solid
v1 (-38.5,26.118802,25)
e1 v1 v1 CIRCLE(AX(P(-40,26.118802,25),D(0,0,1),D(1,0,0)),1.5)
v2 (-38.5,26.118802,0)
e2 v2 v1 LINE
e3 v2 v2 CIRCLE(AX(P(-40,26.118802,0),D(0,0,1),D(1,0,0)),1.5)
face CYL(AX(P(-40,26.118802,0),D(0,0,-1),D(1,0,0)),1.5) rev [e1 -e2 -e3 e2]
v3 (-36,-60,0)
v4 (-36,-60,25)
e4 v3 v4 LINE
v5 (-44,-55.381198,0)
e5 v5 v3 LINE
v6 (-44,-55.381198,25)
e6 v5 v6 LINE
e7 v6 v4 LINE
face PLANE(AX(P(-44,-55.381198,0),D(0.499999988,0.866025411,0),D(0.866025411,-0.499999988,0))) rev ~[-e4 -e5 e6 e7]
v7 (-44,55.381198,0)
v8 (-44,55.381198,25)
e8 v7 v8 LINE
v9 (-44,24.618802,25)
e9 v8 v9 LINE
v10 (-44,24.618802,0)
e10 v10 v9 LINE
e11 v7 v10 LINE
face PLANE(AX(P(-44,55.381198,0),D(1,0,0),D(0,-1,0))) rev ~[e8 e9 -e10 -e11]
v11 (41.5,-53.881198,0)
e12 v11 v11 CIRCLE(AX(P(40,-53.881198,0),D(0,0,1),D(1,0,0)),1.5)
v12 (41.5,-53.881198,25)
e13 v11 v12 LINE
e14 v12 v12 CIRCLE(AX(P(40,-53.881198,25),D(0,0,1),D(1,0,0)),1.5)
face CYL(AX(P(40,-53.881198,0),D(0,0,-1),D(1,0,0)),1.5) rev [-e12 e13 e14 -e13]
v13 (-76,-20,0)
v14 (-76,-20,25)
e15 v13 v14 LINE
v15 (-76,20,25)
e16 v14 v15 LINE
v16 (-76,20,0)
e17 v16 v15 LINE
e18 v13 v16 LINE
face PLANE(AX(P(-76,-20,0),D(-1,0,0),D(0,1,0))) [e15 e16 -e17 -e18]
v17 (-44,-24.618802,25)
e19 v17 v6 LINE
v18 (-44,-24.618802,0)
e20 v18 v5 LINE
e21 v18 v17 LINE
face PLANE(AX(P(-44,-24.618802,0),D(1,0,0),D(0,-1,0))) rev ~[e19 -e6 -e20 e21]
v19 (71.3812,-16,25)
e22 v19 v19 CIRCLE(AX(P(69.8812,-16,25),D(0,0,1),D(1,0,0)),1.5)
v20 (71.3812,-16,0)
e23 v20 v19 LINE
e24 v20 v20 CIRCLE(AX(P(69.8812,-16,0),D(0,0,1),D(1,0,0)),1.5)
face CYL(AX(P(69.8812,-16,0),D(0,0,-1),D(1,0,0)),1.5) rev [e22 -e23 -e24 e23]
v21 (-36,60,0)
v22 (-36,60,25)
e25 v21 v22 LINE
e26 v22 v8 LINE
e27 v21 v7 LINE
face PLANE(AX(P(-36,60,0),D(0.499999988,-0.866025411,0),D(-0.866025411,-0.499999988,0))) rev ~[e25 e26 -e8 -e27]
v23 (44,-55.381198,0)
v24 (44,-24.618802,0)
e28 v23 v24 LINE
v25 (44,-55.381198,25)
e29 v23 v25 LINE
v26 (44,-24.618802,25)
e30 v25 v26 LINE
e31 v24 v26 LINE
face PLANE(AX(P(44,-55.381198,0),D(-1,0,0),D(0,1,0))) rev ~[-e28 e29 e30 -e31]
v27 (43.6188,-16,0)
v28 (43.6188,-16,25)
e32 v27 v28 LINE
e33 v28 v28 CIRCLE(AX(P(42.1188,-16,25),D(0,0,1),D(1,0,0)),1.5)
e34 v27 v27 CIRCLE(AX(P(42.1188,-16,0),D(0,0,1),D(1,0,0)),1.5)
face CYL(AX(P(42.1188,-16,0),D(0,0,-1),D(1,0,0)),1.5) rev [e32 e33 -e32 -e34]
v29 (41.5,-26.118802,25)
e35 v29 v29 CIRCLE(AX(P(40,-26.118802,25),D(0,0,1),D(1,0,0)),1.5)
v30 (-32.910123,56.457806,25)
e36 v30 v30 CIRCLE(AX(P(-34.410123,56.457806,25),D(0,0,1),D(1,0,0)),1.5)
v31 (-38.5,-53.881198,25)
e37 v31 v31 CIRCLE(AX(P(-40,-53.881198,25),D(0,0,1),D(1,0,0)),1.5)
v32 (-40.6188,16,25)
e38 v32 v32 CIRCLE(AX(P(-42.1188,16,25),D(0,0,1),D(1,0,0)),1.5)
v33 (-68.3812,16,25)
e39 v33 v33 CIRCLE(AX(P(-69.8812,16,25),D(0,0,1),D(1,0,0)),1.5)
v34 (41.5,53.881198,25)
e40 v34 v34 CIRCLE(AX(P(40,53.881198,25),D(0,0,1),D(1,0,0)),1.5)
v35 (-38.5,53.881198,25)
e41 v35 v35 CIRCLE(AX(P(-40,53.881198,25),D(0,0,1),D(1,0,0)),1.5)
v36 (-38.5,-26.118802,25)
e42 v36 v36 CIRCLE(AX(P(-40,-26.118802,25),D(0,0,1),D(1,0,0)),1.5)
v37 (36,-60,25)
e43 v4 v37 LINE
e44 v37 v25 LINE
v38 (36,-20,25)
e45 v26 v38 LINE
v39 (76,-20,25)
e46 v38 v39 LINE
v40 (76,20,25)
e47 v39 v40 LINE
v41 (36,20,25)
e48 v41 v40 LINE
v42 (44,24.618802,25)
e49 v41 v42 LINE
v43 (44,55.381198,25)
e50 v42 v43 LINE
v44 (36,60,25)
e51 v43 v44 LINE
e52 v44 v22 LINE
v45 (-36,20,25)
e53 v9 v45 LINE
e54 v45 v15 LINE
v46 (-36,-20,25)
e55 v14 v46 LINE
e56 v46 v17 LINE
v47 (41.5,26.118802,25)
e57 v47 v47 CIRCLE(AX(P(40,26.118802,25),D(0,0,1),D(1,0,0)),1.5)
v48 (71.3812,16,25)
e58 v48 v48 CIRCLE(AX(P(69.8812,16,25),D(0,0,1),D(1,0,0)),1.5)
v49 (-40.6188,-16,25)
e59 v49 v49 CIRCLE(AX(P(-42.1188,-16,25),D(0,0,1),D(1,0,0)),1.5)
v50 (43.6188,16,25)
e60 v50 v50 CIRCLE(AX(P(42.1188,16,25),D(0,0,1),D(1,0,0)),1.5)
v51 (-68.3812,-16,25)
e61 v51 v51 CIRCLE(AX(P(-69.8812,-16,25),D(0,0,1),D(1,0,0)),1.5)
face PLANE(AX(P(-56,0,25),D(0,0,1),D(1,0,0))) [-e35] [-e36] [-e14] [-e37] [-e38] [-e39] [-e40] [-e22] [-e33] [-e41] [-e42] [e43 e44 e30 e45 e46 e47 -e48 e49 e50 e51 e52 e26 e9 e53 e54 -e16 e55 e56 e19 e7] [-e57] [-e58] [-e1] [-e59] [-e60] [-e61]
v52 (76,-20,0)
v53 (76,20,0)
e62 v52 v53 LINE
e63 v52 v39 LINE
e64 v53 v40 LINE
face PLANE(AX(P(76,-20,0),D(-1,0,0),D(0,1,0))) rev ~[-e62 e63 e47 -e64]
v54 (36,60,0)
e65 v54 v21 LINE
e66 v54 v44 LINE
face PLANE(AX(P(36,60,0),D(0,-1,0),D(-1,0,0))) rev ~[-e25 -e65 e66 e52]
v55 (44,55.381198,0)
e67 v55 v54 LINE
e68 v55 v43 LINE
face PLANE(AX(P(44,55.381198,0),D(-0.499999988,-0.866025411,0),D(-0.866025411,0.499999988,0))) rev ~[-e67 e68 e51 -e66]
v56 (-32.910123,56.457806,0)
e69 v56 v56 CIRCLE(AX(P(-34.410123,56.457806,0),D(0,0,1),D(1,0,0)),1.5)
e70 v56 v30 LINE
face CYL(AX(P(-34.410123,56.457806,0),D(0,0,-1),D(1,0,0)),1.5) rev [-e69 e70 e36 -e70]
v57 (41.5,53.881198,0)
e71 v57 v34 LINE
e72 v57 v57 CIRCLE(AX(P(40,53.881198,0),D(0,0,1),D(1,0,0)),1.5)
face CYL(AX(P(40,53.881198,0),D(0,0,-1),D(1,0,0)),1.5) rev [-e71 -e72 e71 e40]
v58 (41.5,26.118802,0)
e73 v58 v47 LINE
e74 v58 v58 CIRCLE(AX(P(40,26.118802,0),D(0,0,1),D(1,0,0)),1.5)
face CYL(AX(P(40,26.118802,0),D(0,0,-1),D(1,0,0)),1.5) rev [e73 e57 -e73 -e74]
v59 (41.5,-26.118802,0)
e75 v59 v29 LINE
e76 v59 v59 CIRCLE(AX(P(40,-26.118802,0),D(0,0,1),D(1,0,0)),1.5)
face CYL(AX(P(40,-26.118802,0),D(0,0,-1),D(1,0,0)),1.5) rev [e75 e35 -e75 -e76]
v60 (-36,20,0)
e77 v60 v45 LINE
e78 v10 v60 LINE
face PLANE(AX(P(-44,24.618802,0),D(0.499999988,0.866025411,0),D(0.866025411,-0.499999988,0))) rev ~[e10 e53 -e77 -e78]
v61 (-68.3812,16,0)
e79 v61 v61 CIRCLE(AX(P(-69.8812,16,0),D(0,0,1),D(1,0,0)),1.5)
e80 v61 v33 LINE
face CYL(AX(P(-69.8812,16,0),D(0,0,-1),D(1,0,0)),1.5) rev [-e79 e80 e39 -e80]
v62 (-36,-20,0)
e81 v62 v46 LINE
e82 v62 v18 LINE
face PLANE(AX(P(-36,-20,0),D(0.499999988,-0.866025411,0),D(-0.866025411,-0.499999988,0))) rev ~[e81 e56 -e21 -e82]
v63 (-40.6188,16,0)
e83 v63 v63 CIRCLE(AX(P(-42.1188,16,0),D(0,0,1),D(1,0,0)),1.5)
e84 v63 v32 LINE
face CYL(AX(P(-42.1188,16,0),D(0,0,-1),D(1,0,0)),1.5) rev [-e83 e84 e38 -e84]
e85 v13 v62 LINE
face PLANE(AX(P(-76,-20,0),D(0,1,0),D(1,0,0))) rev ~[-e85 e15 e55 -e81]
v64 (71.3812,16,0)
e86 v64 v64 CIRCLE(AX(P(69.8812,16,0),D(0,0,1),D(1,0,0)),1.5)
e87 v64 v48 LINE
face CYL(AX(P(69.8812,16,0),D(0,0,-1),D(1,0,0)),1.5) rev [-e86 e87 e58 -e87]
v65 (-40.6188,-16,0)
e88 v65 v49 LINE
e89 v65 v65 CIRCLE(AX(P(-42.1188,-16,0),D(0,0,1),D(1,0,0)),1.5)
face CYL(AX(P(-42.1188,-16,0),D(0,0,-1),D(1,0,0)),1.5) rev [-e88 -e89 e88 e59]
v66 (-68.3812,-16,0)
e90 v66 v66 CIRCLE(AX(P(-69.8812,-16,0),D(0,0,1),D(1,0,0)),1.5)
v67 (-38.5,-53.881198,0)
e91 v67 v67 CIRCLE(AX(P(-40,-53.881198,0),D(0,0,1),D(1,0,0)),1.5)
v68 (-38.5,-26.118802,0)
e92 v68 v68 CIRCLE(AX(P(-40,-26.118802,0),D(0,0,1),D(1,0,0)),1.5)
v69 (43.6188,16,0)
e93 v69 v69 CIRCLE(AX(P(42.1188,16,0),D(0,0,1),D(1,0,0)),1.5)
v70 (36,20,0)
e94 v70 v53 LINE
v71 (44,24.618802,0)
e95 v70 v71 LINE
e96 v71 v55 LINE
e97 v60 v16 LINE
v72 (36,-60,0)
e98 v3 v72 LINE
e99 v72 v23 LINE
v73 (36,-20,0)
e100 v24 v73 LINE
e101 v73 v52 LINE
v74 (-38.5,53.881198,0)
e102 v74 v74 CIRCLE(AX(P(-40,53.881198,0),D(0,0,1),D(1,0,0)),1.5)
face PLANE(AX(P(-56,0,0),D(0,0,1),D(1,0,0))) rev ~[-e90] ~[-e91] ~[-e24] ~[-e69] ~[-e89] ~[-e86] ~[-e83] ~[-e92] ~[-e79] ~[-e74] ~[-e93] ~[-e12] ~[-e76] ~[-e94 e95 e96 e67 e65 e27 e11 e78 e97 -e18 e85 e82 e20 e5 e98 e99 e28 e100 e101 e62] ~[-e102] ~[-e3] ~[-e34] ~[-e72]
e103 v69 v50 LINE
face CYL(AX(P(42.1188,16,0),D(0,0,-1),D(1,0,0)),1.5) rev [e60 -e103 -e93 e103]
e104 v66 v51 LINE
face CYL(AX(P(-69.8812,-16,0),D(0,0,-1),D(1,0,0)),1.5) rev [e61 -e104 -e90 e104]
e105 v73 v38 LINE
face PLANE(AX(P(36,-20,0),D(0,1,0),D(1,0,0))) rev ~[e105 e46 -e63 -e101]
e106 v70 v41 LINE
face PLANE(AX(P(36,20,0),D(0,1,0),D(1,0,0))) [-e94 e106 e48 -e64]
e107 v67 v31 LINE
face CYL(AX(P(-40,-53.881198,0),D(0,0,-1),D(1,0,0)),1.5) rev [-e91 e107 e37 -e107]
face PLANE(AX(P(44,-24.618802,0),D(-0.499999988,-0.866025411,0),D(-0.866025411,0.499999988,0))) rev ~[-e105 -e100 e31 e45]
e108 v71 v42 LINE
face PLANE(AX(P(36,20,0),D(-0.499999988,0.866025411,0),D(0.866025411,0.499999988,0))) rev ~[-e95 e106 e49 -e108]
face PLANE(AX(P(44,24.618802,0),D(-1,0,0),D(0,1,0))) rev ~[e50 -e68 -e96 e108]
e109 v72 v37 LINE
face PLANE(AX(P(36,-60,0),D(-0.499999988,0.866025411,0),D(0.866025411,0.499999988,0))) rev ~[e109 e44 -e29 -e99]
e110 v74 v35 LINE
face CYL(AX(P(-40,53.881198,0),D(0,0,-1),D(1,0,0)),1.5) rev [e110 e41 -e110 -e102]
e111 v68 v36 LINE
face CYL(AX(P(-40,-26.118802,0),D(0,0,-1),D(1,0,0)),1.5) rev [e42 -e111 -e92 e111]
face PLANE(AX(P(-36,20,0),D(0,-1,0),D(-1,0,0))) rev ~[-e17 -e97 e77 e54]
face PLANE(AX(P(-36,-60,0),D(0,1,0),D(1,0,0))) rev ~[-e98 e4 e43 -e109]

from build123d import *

# Parameters (mm, degrees)
F0_W     = 40
F0_H     = 40
F0_R     = 1.5
F1_DEPTH = 25


with BuildPart() as f1:
    # F0 (on Top) → F1 (new body)
    with BuildSketch(Plane.XY):
        with Locations((-56, 0)):
            Rectangle(F0_W, F0_H)
        with Locations((-69.8812, -16)):
            Circle(F0_R, mode=Mode.SUBTRACT)
        with Locations((-42.1188, -16)):
            Circle(F0_R, mode=Mode.SUBTRACT)
        with Locations((-69.8812, 16)):
            Circle(F0_R, mode=Mode.SUBTRACT)
        with Locations((-42.1188, 16)):
            Circle(F0_R, mode=Mode.SUBTRACT)
        Polygon((0, 20), (-36, 20), (-36, -20), (0, -20), (36, -20), (36, 20), align=None)
        Polygon((0, -20), (-36, -20), (-36, -60), (0, -60), (36, -60), (36, -20), align=None)
        Polygon((-36, -60), (-36, -20), (-44, -24.618802), (-44, -55.381198), align=None)
        with Locations((-40, -53.881198)):
            Circle(F0_R, mode=Mode.SUBTRACT)
        with Locations((-40, -26.118802)):
            Circle(F0_R, mode=Mode.SUBTRACT)
        Polygon((44, -24.618802), (36, -20), (36, -60), (44, -55.381198), align=None)
        with Locations((40, -53.881198)):
            Circle(F0_R, mode=Mode.SUBTRACT)
        with Locations((40, -26.118802)):
            Circle(F0_R, mode=Mode.SUBTRACT)
        Polygon((-36, 60), (-36, 20), (0, 20), (36, 20), (36, 60), (0, 60), align=None)
        with Locations((-34.410123, 56.457806)):
            Circle(F0_R, mode=Mode.SUBTRACT)
        Polygon((-44, 24.618802), (-36, 20), (-36, 60), (-44, 55.381198), align=None)
        with Locations((-40, 26.118802)):
            Circle(F0_R, mode=Mode.SUBTRACT)
        with Locations((-40, 53.881198)):
            Circle(F0_R, mode=Mode.SUBTRACT)
        with Locations((56, 0)):
            Rectangle(F0_W, F0_H)
        with Locations((42.1188, -16)):
            Circle(F0_R, mode=Mode.SUBTRACT)
        with Locations((69.8812, -16)):
            Circle(F0_R, mode=Mode.SUBTRACT)
        with Locations((42.1188, 16)):
            Circle(F0_R, mode=Mode.SUBTRACT)
        with Locations((69.8812, 16)):
            Circle(F0_R, mode=Mode.SUBTRACT)
        Polygon((36, 60), (36, 20), (44, 24.618802), (44, 55.381198), align=None)
        with Locations((40, 26.118802)):
            Circle(F0_R, mode=Mode.SUBTRACT)
        with Locations((40, 53.881198)):
            Circle(F0_R, mode=Mode.SUBTRACT)
    extrude(amount=F1_DEPTH)


solid = f1.part
